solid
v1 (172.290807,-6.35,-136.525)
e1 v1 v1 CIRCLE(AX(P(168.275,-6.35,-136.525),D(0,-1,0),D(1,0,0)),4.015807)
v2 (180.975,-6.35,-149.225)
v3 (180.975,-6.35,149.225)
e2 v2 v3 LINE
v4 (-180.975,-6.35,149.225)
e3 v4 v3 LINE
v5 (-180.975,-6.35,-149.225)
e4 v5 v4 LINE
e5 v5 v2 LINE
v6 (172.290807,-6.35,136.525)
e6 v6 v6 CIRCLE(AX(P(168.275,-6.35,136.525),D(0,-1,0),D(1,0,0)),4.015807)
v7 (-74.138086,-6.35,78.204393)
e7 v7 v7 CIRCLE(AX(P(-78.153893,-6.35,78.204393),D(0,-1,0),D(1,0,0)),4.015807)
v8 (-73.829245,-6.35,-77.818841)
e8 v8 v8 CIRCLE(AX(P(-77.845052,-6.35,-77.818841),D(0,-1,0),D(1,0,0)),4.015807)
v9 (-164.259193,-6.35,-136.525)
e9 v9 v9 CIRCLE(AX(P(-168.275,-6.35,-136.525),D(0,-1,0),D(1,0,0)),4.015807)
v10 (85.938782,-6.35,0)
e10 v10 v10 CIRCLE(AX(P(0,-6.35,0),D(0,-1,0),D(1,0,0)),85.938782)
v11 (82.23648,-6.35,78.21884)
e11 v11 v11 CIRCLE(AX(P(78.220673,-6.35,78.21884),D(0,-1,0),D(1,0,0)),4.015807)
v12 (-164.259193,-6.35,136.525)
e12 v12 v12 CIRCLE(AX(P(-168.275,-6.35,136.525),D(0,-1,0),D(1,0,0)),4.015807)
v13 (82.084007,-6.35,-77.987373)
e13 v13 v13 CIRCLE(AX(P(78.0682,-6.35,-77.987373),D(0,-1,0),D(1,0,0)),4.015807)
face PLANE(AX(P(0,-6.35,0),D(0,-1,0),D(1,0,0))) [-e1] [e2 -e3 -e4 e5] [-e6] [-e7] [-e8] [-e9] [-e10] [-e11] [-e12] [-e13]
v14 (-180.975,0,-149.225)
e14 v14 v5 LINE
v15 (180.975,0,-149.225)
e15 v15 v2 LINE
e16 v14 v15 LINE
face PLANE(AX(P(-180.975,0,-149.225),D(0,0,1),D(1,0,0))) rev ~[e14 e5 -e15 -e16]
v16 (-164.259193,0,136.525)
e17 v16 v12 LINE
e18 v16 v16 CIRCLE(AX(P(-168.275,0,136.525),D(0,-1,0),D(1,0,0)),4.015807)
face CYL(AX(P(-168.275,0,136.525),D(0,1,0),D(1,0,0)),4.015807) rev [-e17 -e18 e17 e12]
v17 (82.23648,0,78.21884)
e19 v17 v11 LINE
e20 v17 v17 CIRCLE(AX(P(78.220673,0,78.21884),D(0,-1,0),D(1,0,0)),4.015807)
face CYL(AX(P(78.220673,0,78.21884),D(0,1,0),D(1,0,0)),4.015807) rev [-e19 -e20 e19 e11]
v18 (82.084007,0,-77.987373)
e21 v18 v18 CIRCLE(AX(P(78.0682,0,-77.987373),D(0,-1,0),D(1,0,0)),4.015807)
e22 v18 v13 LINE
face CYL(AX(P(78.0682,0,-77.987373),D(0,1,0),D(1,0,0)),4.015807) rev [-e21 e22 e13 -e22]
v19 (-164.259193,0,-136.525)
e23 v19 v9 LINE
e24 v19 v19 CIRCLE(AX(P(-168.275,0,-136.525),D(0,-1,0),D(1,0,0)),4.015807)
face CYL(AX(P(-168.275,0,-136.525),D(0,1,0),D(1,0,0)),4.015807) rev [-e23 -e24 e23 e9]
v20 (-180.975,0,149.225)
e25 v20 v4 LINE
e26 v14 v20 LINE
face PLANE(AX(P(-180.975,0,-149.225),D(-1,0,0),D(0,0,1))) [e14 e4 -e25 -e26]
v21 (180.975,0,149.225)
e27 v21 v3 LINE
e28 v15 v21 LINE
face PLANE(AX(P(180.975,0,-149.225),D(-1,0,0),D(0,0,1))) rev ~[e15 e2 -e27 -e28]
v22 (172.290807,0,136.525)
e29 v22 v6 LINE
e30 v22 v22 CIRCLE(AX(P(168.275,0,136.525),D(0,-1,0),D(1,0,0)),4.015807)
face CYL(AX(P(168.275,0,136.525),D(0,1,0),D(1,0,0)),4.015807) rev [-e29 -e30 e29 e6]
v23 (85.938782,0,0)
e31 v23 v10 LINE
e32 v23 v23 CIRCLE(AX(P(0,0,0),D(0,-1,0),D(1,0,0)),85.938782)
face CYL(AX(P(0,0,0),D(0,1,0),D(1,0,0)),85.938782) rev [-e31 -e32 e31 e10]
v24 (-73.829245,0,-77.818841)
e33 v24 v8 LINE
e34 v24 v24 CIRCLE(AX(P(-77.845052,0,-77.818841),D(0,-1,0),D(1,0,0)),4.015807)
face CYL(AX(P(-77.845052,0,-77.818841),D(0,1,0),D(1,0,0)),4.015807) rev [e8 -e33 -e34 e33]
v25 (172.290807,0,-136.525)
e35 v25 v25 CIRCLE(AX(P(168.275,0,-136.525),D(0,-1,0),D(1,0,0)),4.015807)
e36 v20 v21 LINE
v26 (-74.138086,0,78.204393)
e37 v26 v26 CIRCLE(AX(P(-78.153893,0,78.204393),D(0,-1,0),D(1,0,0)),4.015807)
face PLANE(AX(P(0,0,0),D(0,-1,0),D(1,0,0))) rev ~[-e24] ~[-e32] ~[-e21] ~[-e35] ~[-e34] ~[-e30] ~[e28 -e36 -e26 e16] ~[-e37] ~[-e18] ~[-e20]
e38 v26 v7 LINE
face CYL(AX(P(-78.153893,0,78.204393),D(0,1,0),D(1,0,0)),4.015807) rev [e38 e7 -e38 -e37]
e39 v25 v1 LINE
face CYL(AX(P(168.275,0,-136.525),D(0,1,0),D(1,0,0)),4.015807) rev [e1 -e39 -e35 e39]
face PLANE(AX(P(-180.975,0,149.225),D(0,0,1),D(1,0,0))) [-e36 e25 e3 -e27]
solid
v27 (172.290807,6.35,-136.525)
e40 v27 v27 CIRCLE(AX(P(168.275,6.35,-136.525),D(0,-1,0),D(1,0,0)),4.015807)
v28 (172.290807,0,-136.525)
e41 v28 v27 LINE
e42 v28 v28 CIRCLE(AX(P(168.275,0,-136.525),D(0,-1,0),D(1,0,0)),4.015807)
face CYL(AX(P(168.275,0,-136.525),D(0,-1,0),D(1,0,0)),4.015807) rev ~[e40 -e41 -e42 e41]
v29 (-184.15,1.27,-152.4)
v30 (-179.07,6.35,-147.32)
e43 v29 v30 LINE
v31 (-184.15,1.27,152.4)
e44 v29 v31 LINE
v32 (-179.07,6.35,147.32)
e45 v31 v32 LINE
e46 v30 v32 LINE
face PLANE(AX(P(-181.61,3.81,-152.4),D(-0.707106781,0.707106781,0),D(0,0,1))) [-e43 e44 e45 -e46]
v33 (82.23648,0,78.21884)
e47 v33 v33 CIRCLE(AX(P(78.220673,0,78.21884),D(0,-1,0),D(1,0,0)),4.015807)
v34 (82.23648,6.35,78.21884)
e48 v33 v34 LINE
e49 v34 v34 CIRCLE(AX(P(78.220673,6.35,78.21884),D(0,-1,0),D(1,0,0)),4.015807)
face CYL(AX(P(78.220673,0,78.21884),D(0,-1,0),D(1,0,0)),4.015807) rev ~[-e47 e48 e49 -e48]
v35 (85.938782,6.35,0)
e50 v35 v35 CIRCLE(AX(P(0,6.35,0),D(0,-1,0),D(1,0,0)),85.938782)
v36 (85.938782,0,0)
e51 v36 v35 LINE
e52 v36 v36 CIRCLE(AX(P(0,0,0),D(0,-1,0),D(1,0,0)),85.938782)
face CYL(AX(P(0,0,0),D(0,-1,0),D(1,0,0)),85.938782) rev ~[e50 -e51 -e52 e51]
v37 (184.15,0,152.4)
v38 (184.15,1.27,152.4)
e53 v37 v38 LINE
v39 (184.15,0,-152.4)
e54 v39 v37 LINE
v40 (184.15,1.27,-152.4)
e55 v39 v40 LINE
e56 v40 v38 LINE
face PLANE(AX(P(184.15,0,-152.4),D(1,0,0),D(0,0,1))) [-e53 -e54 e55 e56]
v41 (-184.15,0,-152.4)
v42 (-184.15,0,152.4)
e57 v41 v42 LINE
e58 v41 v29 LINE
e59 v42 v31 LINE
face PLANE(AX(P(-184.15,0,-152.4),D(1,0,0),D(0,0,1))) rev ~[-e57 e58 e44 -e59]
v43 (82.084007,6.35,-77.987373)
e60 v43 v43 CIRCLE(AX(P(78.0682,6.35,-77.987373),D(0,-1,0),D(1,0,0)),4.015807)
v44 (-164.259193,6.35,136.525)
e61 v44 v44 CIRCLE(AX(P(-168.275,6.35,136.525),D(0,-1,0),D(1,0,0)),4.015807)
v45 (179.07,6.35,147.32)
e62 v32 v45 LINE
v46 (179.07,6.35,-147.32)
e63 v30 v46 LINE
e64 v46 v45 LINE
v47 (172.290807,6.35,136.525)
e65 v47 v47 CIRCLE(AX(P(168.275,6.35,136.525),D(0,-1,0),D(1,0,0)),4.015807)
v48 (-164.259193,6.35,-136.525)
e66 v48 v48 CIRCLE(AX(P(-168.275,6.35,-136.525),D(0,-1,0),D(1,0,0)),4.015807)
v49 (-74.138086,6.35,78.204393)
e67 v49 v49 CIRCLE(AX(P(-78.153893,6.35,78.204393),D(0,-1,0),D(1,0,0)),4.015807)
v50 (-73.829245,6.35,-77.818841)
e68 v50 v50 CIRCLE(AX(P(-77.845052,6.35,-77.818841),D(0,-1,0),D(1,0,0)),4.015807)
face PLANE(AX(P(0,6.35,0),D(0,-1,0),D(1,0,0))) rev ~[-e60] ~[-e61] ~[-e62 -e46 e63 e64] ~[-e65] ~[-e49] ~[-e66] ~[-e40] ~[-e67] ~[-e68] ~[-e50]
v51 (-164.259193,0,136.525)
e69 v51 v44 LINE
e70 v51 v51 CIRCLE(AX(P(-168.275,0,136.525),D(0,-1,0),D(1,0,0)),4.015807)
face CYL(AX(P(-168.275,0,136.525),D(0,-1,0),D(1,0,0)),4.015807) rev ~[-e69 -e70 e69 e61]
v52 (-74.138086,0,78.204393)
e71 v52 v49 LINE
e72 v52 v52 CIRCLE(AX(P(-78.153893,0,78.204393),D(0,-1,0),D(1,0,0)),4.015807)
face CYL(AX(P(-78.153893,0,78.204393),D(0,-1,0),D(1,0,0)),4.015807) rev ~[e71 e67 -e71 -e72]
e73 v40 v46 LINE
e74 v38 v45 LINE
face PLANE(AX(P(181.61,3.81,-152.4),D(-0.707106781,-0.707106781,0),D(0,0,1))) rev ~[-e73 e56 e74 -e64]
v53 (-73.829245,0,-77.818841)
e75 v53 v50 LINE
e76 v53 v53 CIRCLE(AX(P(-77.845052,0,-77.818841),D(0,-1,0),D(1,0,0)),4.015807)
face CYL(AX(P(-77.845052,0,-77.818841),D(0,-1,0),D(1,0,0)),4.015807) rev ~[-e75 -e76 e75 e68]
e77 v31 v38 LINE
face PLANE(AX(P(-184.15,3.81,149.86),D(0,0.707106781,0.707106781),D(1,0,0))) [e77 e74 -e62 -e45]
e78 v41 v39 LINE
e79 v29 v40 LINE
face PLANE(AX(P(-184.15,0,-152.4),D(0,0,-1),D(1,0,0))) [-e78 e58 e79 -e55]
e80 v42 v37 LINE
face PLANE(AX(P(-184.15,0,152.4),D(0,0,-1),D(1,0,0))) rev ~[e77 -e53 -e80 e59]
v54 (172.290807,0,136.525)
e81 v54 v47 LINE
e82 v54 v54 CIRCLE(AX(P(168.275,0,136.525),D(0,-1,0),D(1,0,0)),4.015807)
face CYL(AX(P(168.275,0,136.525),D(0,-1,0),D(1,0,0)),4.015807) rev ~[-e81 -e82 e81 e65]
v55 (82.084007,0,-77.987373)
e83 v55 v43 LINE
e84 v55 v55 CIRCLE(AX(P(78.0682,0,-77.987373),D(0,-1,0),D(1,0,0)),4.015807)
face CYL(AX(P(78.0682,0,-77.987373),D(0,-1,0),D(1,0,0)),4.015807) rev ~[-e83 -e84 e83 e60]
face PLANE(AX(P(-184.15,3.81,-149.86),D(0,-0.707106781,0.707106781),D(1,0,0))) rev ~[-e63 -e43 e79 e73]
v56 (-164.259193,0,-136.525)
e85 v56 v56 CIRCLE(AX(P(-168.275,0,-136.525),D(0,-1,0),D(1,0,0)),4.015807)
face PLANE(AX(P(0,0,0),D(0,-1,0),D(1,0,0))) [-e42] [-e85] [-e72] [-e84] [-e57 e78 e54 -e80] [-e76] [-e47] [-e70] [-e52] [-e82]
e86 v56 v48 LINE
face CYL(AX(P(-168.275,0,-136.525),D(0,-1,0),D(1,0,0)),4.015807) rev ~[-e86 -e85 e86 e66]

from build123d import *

# Parameters (mm, degrees)
F0_W     = 361.95
F0_H     = 298.45
F0_R     = 4.015807
F0_R_2   = 85.938782
F1_DEPTH = 6.35
F0_W_2   = 368.3
F0_H_2   = 304.8
F2_DEPTH = 6.35
F3_SIZE  = 5.08


with BuildPart() as f1:
    # F0 (on Front) → F1 (new body)
    with BuildSketch(Plane.XZ):
        Rectangle(F0_W, F0_H)
        with Locations((-168.275, -136.525)):
            Circle(F0_R, mode=Mode.SUBTRACT)
        with Locations((-77.845052, -77.818841)):
            Circle(F0_R, mode=Mode.SUBTRACT)
        with Locations((78.0682, -77.987373)):
            Circle(F0_R, mode=Mode.SUBTRACT)
        with Locations((168.275, -136.525)):
            Circle(F0_R, mode=Mode.SUBTRACT)
        with Locations((-168.275, 136.525)):
            Circle(F0_R, mode=Mode.SUBTRACT)
        with Locations((-78.153893, 78.204393)):
            Circle(F0_R, mode=Mode.SUBTRACT)
        Circle(F0_R_2, mode=Mode.SUBTRACT)
        with Locations((78.220673, 78.21884)):
            Circle(F0_R, mode=Mode.SUBTRACT)
        with Locations((168.275, 136.525)):
            Circle(F0_R, mode=Mode.SUBTRACT)
    extrude(amount=F1_DEPTH)


with BuildPart() as f2:
    # F0 (on Front) → F2 (new body)
    with BuildSketch(Plane.XZ):
        Rectangle(F0_W_2, F0_H_2)
        Rectangle(F0_W, F0_H, mode=Mode.SUBTRACT)
        Rectangle(F0_W, F0_H)
        with Locations((-168.275, -136.525)):
            Circle(F0_R, mode=Mode.SUBTRACT)
        with Locations((-77.845052, -77.818841)):
            Circle(F0_R, mode=Mode.SUBTRACT)
        with Locations((78.0682, -77.987373)):
            Circle(F0_R, mode=Mode.SUBTRACT)
        with Locations((168.275, -136.525)):
            Circle(F0_R, mode=Mode.SUBTRACT)
        with Locations((-168.275, 136.525)):
            Circle(F0_R, mode=Mode.SUBTRACT)
        with Locations((-78.153893, 78.204393)):
            Circle(F0_R, mode=Mode.SUBTRACT)
        Circle(F0_R_2, mode=Mode.SUBTRACT)
        with Locations((78.220673, 78.21884)):
            Circle(F0_R, mode=Mode.SUBTRACT)
        with Locations((168.275, 136.525)):
            Circle(F0_R, mode=Mode.SUBTRACT)
    extrude(amount=-F2_DEPTH)

    # F3
    f3_edges = [f2.edges().sort_by_distance(p)[0] for p in [
        (184.15, 6.35, 0),
        (0, 6.35, 152.4),
        (0, 6.35, -152.4),
        (-184.15, 6.35, 0),
    ]]
    chamfer(f3_edges, length=F3_SIZE)


solid = Compound([f1.part, f2.part])
